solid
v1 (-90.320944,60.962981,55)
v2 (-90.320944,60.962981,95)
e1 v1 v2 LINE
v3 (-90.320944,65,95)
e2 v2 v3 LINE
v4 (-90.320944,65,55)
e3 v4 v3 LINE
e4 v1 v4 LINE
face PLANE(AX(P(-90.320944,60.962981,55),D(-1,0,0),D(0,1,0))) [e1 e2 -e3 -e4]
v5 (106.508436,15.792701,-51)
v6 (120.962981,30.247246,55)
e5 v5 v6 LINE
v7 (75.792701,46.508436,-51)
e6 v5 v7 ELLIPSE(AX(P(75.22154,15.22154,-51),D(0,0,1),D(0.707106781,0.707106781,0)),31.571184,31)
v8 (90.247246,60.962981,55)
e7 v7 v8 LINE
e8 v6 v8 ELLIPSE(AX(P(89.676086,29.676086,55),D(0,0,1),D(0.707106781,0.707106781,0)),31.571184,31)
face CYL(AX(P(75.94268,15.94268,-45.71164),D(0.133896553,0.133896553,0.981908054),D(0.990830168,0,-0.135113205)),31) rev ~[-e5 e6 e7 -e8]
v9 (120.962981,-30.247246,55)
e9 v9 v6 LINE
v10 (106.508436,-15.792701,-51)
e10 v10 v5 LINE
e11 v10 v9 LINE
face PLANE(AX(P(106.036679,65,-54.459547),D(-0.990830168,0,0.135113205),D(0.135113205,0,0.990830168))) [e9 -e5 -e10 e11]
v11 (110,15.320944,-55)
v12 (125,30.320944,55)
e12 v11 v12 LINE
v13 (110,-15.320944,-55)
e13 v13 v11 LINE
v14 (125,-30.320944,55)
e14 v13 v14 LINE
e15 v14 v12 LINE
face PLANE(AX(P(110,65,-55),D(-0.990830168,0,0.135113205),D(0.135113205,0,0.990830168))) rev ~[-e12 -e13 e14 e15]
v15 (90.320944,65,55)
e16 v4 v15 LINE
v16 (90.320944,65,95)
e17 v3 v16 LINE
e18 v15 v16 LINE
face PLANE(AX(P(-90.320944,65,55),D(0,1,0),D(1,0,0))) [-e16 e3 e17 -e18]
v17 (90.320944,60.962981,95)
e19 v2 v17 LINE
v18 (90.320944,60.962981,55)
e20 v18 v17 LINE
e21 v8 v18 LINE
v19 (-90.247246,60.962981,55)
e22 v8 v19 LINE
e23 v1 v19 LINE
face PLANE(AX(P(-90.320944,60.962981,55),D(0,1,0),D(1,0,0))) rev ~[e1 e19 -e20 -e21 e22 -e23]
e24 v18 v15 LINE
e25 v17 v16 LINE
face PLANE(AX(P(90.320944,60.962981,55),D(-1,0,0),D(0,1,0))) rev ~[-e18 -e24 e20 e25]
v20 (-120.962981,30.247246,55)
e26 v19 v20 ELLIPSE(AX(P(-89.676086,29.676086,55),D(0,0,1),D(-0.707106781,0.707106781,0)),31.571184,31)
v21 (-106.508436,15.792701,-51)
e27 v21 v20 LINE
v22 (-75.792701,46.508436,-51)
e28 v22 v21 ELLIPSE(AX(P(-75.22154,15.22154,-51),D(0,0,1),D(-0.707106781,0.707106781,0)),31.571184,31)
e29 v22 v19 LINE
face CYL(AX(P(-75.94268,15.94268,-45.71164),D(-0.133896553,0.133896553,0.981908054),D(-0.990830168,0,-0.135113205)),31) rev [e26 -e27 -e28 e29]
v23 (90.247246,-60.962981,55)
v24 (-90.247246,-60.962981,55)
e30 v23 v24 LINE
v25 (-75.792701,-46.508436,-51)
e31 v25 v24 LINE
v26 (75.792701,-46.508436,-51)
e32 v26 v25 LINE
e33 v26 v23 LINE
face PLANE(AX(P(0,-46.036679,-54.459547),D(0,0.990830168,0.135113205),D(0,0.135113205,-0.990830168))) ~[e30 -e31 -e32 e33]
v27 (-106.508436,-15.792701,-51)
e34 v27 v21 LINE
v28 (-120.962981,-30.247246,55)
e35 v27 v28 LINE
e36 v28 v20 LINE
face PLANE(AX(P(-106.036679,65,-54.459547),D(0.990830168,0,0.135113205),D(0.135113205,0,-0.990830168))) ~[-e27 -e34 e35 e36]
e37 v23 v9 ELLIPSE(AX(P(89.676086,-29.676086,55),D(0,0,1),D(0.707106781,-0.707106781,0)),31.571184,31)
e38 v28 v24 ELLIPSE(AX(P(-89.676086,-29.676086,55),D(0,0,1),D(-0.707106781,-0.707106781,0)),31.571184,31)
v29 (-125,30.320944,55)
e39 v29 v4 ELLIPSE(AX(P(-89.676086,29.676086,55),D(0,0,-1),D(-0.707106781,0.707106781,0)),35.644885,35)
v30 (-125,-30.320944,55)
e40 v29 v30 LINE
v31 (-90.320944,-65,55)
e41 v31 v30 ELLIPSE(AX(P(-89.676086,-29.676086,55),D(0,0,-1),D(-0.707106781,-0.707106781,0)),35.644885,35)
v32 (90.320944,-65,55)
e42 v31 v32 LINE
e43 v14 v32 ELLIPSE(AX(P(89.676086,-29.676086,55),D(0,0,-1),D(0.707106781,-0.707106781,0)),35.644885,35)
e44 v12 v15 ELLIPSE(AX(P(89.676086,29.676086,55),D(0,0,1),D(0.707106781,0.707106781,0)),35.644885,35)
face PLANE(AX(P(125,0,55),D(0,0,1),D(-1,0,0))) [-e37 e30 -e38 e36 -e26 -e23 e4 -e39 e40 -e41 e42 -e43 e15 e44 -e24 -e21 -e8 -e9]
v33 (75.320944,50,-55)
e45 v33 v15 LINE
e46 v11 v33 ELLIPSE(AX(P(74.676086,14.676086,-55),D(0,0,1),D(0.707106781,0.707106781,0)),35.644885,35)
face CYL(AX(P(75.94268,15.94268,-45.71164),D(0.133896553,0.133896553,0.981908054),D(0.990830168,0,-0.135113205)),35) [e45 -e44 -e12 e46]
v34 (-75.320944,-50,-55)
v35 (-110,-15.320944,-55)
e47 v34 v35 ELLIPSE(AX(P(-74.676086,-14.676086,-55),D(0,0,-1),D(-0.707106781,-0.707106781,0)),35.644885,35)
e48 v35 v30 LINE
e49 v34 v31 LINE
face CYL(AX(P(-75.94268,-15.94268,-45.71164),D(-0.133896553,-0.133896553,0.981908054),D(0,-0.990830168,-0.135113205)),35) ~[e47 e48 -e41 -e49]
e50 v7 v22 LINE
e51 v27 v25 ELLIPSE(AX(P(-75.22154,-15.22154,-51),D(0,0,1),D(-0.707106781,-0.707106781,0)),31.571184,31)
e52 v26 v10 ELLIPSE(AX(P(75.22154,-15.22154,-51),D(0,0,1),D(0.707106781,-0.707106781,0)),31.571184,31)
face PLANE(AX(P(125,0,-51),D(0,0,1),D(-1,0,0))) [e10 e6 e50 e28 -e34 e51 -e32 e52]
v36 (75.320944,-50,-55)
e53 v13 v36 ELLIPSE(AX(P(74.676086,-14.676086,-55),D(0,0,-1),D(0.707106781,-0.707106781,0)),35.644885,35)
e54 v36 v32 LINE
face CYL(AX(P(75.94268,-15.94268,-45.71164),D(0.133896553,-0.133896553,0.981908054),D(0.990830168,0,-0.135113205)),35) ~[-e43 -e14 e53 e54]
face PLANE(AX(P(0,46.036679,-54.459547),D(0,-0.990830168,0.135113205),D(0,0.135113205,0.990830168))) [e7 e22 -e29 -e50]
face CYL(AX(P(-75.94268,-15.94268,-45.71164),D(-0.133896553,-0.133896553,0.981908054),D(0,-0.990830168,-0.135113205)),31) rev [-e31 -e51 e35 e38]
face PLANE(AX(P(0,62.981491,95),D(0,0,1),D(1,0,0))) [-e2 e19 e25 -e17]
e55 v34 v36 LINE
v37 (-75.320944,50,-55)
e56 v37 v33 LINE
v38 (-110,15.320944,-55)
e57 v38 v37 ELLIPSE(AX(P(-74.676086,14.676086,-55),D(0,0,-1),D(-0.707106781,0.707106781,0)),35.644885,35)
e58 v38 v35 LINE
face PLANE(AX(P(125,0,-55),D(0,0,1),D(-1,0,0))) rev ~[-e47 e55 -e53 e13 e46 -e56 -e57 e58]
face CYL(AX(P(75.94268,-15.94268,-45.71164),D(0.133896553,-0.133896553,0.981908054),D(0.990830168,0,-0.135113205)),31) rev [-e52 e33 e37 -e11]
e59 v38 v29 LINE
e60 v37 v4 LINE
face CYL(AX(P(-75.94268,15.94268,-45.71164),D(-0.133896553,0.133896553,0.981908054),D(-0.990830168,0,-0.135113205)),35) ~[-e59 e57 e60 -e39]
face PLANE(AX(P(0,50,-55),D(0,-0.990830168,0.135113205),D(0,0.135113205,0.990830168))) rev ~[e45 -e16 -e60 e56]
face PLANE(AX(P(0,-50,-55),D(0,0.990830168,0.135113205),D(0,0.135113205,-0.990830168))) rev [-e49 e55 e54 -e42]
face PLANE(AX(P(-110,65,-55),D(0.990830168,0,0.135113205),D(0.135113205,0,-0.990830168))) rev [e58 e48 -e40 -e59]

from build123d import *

# Parameters (mm, degrees)
F0_W      = 125
F0_H      = 110
F1_DEPTH  = 65
F3_DEPTH  = 65.001
F5_DEPTH  = 125.001
F8_R      = 35
F9_T      = -4
F10_W     = 180.6418882369
F10_H     = 4.0370187838
F11_DEPTH = 40


with BuildPart() as f1:
    # F0 (on Front) → F1 (new body)
    with BuildSketch(Plane.XZ):
        with Locations((-62.5, 0)):
            Rectangle(F0_W, F0_H)
    extrude(amount=F1_DEPTH)

    # F2 (on face) → F3 (cut, through all)
    with BuildSketch(Plane.XZ.offset(65)):
        Polygon((-110, -55), (-125, 55), (-154.2346477509, 55), (-148.0445983784, -67.179696599), (-108.0001720049, -65.150906356), align=None)
    extrude(amount=-F3_DEPTH, mode=Mode.SUBTRACT)

    # F4 (on face) → F5 (cut, through all)
    with BuildSketch(Plane.YZ):
        Polygon((-50, -55), (-65, 55), (-101.2629643083, 55), (-94.3923816085, -57.4389097095), (-50, -57.4389097095), align=None)
    extrude(amount=-F5_DEPTH, mode=Mode.SUBTRACT)

    # F6: F1 across face


with BuildPart() as f1_1:
    add(f1.part)
    add(f1.part.mirror(Plane(origin=(0, -28.9130434783, 2.3913043478), x_dir=(0, 1, 0), z_dir=(1, 0, 0))))

    # F7: F1 across face


with BuildPart() as f1_2:
    add(f1_1.part)
    add(f1_1.part.mirror(Plane(origin=(0, 0, 1.170212766), x_dir=(-1, 0, 0), z_dir=(0, 1, 0))))

    # F8
    f8_edges = [f1_2.edges().sort_by_distance(p)[0] for p in [
        (-117.5, -57.5, 0),
        (-117.5, 57.5, 0),
        (117.5, -57.5, 0),
        (117.5, 57.5, 0),
    ]]
    fillet(f8_edges, radius=F8_R)

    # F9
    f9_openings = [f1_2.faces().sort_by_distance(p)[0] for p in [
        (0, 0, 55),
    ]]
    offset(amount=F9_T, openings=f9_openings)

    # F10 (on face) → F11 (join)
    with BuildSketch(Plane.XY.offset(55)):
        with Locations((0, 62.9814906081)):
            Rectangle(F10_W, F10_H)
    extrude(amount=F11_DEPTH)


solid = f1_2.part
